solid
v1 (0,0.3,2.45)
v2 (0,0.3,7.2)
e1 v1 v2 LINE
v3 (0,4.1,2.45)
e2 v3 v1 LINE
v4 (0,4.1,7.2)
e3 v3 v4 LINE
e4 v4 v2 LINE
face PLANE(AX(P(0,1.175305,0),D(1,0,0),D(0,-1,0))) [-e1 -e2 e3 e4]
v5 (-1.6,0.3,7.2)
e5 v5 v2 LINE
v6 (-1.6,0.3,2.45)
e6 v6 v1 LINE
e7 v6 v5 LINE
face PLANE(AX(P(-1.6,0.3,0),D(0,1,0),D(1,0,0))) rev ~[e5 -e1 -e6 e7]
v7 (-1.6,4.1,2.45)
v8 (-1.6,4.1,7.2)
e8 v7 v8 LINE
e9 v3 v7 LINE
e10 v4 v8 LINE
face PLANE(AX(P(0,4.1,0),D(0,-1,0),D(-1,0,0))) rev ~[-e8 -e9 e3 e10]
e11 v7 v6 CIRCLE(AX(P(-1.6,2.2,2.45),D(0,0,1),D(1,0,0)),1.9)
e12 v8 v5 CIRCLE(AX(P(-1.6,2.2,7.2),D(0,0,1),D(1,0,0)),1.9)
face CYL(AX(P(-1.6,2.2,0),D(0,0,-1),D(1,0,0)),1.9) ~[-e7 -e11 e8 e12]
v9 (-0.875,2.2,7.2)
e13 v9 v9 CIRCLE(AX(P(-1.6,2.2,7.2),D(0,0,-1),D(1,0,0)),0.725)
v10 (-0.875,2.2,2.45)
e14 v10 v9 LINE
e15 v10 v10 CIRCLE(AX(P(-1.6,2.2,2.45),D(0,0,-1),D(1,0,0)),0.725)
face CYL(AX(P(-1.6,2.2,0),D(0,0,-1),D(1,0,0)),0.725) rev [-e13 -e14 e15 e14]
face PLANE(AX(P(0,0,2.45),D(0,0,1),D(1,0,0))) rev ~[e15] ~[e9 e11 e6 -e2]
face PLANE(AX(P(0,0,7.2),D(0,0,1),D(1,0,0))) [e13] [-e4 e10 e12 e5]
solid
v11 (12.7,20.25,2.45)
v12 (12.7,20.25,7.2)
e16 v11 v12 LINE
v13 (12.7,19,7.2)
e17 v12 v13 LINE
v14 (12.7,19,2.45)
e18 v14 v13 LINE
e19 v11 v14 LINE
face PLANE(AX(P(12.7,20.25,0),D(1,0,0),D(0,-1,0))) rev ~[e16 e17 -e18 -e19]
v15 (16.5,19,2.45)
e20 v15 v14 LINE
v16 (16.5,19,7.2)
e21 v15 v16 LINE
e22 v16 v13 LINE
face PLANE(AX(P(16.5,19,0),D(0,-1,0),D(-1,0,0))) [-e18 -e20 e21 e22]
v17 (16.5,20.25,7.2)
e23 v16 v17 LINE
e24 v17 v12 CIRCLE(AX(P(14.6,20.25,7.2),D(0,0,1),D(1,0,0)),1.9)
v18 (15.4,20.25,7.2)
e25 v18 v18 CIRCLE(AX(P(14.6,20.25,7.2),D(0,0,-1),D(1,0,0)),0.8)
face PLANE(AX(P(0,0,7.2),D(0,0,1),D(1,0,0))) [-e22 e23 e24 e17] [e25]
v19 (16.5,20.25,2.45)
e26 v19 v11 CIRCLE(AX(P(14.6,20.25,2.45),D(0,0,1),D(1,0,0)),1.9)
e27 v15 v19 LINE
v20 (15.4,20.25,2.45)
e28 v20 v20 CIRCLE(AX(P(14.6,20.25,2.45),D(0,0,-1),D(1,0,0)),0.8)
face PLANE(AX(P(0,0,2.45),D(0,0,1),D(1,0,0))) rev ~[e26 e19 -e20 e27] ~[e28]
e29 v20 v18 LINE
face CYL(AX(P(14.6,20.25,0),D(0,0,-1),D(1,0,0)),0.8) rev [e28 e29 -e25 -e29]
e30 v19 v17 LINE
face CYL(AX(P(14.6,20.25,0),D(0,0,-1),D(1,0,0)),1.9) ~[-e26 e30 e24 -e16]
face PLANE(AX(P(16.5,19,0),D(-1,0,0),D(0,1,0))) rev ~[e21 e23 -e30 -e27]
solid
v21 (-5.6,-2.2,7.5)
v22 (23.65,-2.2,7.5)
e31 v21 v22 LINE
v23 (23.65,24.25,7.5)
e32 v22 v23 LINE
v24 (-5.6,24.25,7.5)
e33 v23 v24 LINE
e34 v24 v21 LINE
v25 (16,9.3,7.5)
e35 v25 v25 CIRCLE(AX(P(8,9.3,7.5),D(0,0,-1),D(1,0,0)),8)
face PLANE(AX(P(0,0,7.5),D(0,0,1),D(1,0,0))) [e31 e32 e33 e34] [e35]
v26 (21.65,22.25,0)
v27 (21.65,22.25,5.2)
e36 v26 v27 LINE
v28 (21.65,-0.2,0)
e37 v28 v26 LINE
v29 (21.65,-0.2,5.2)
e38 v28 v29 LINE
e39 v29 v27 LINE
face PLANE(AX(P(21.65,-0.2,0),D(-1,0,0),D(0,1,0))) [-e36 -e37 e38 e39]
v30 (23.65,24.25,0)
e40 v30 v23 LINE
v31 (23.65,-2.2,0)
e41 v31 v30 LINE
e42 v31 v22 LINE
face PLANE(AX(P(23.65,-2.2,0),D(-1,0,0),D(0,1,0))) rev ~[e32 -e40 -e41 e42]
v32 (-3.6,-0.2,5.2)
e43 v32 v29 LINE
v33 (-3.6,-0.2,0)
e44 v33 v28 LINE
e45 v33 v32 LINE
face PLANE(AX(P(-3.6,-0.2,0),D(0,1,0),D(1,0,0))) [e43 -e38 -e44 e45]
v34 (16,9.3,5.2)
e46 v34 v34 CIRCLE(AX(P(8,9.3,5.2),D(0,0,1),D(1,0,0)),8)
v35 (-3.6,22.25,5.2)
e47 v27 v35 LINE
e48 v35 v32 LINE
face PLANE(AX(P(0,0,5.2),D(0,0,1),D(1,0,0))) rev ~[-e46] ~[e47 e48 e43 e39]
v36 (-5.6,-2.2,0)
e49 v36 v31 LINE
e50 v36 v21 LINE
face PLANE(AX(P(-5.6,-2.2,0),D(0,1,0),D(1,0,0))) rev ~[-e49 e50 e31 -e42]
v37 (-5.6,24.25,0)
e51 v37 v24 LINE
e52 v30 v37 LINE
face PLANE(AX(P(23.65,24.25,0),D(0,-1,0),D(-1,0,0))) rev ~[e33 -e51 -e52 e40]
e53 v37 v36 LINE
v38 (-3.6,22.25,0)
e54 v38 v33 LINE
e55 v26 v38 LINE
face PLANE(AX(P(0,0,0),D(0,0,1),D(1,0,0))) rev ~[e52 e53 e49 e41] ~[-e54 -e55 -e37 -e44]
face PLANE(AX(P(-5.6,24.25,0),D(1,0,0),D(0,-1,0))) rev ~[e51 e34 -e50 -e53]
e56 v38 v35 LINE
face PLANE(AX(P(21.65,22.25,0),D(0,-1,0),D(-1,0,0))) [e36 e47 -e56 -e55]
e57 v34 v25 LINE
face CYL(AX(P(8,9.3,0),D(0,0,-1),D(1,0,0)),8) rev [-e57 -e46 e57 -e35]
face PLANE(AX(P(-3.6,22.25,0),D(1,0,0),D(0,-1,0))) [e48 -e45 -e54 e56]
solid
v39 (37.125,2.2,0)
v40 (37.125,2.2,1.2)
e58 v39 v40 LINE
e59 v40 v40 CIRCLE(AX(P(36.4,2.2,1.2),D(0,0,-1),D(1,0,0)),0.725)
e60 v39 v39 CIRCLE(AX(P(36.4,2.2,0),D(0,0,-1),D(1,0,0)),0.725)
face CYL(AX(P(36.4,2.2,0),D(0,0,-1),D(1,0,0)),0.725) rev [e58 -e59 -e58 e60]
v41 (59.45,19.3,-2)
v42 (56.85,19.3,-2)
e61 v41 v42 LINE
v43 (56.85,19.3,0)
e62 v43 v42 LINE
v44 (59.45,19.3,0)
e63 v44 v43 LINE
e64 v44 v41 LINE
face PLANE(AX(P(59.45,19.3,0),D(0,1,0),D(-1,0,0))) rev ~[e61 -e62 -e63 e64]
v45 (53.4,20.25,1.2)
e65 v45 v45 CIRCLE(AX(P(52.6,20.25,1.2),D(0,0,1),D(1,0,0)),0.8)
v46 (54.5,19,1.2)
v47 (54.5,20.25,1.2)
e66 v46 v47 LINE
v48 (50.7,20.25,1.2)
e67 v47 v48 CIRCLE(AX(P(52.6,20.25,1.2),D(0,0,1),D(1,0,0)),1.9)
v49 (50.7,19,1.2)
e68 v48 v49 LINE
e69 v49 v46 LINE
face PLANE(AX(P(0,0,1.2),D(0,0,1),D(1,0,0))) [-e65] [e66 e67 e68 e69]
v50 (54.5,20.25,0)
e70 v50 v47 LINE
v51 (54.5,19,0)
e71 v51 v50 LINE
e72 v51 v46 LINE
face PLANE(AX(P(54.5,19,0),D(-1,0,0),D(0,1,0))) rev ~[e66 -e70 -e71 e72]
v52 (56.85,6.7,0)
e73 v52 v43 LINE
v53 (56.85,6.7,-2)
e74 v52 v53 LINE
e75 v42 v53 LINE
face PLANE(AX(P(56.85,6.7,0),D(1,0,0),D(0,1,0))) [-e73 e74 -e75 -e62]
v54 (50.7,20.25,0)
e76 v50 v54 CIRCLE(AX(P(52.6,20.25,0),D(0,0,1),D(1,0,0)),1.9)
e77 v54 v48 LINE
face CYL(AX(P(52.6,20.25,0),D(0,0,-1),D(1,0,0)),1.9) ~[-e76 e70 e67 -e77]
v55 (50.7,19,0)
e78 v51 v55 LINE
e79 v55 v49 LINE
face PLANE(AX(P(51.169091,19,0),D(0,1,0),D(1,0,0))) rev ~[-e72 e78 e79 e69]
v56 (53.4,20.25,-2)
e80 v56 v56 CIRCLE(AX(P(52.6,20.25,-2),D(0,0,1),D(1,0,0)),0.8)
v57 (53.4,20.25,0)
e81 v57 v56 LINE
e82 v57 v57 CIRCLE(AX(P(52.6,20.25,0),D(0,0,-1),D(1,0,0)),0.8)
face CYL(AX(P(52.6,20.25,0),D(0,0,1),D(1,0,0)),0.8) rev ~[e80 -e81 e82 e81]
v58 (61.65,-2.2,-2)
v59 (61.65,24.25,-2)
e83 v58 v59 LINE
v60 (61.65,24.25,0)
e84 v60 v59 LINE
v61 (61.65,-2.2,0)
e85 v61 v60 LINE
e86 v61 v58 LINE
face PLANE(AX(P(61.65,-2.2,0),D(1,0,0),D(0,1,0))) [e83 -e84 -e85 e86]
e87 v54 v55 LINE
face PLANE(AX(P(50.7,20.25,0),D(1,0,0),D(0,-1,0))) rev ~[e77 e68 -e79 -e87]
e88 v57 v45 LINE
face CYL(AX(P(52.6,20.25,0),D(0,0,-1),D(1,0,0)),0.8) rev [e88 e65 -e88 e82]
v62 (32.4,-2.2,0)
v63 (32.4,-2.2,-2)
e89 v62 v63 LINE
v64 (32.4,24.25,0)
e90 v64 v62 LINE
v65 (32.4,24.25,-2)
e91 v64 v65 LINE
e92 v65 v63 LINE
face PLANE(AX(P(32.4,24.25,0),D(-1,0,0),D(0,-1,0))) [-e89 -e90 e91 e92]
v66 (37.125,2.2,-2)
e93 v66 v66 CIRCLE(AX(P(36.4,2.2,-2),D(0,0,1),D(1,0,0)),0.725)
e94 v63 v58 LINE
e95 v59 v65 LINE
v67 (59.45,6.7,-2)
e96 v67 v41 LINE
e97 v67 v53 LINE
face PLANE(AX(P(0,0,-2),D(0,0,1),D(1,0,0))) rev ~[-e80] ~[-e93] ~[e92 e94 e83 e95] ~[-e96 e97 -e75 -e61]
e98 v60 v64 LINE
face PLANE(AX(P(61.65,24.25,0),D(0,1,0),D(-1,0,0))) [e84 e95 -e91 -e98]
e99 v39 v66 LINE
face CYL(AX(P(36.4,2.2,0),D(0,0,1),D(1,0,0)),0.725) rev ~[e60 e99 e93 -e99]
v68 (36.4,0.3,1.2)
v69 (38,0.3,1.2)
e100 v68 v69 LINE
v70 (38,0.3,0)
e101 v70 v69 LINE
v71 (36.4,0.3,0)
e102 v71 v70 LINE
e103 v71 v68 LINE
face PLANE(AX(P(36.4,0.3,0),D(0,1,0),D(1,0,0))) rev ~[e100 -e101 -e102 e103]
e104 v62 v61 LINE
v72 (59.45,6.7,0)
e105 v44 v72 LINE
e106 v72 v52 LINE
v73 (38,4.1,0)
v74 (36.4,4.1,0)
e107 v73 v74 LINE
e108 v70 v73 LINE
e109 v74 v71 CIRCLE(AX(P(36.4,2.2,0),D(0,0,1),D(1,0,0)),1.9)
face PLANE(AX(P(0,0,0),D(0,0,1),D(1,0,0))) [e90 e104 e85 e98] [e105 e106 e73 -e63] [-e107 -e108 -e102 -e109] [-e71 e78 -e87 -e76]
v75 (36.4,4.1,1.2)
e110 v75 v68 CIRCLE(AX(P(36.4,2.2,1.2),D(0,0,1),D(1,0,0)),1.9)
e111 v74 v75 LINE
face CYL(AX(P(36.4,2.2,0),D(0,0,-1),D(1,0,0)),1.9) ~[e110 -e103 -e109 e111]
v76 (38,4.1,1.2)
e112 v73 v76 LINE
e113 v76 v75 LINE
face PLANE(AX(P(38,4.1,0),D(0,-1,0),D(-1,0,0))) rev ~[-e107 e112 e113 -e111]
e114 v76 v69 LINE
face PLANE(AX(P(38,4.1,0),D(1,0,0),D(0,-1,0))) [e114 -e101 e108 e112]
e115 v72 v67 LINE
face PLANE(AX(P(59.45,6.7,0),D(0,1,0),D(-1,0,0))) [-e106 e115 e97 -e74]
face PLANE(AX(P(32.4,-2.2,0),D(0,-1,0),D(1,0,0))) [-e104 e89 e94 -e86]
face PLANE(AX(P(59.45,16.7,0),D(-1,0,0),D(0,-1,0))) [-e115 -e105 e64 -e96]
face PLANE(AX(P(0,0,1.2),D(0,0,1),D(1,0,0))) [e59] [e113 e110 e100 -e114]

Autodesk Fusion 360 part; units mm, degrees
sketch "Sketch3" plane through (0, 0, 0) normal (0, 0, 1) x (1, 0, 0)
  line L0 (0, 0) -> (16.95, 0)
  line L1 (16.95, 0) -> (16.95, 19)
  line L2 (16.95, 19) -> (0, 19)
  line L3 (0, 19) -> (0, 0)
  circle A0 centre (8, 9.3) radius 8
  circle A1 centre (14.6, 20.25) radius 0.8
  circle A2 centre (14.6, 20.25) radius 1.9
  line L4 (16.5, 20.25) -> (12.7, 20.25)
  line L5 (12.7, 20.25) -> (12.7, 19)
  line L6 (12.7, 19) -> (16.5, 19)
  line L7 (16.5, 19) -> (16.5, 20.25)
  circle A3 centre (-1.6, 2.2) radius 0.725
  circle A4 centre (-1.6, 2.2) radius 1.9
  line L8 (0, 4.1) -> (0, 0)
  line L9 (-1.6, 0.3) -> (0, 0.3)
  line L10 (0, 0.3) -> (0, 4.1)
  line L11 (0, 4.1) -> (-1.6, 4.1)
  line L12 (-1.6, 4.1) -> (-1.6, 0.3)
  line L13 (21.45, 19.3) -> (18.85, 19.3)
  line L14 (18.85, 19.3) -> (18.85, 16.7)
  line L15 (18.85, 16.7) -> (21.45, 16.7)
  line L16 (21.45, 16.7) -> (21.45, 19.3)
  line L17 (21.45, 19.3) -> (18.85, 16.7) construction
  line L18 (18.85, 19.3) -> (21.45, 16.7) construction
  line L19 (18.85, 19.3) -> (21.45, 19.3)
  line L20 (21.45, 19.3) -> (21.45, 6.7)
  line L21 (21.45, 6.7) -> (18.85, 6.7)
  line L22 (18.85, 6.7) -> (18.85, 19.3)
  circle A5 centre (52.6, 20.25) radius 1.9
  line L23 (38, 4.1) -> (38, 0)
  line L24 (59.45, 6.7) -> (56.85, 6.7)
  line L25 (50.7, 19) -> (54.5, 19)
  line L26 (59.45, 19.3) -> (56.85, 19.3)
  circle A6 centre (36.4, 2.2) radius 0.725
  line L27 (36.4, 0.3) -> (38, 0.3)
  line L28 (54.5, 19) -> (54.5, 20.25)
  line L29 (56.85, 19.3) -> (59.45, 19.3)
  line L30 (56.85, 6.7) -> (56.85, 19.3)
  line L31 (38, 0.3) -> (38, 4.1)
  circle A7 centre (52.6, 20.25) radius 0.8
  line L32 (36.4, 4.1) -> (36.4, 0.3)
  line L33 (54.95, 0) -> (54.95, 19)
  line L34 (56.85, 19.3) -> (56.85, 16.7)
  line L35 (59.45, 19.3) -> (59.45, 6.7)
  line L36 (59.45, 19.3) -> (56.85, 16.7) construction
  line L37 (54.95, 19) -> (38, 19)
  circle A8 centre (36.4, 2.2) radius 1.9
  line L38 (38, 4.1) -> (36.4, 4.1)
  line L39 (56.85, 19.3) -> (59.45, 16.7) construction
  line L40 (54.5, 20.25) -> (50.7, 20.25)
  line L41 (56.85, 16.7) -> (59.45, 16.7)
  line L42 (38, 0) -> (54.95, 0)
  line L43 (59.45, 16.7) -> (59.45, 19.3)
  circle A9 centre (46, 9.3) radius 8
  line L44 (50.7, 20.25) -> (50.7, 19)
  line L45 (38, 19) -> (38, 0)
  point P0 (8, 9.3)
  point P1 (14.6, 20.25)
  point P2 (-1.6, 2.2)
  point P3 (20.15, 18)
  point P4 (20.15, 18)
  point P5 (38, 0)
  point P6 (52.6, 20.25)
  point P7 (46, 9.3)
  point P8 (36.4, 2.2)
  point P9 (58.15, 18)
  point P10 (58.15, 18)
  dimension "d8" = 16.95
  dimension "d9" = 19
  dimension "d10" = 9.3
  dimension "d11" = 8
  dimension "d12" = 16
  dimension "d13" = 10.95
  dimension "d14" = 14.6
  dimension "d15" = 1.6
  dimension "d16" = 3.8
  dimension "d17" = 7.1
  dimension "d18" = 16.2
  dimension "d19" = 1.45
  dimension "d20" = 3.8
  dimension "d21" = 5.55
  dimension "d22" = 2.25
  dimension "d23" = 2.6
  dimension "d24" = 2.6
  dimension "d25" = 2.6
  dimension "d26" = 12.6
  dimension "d40" = 16.95
  dimension "d41" = 19
  dimension "d42" = 9.3
  dimension "d43" = 8
  dimension "d44" = 16
  dimension "d45" = 10.95
  dimension "d46" = 14.6
  dimension "d47" = 1.6
  dimension "d48" = 3.8
  dimension "d49" = 7.1
  dimension "d50" = 16.2
  dimension "d51" = 1.45
  dimension "d52" = 3.8
  dimension "d53" = 5.55
  dimension "d54" = 2.25
  dimension "d55" = 2.6
  dimension "d56" = 2.6
  dimension "d57" = 2.6
  dimension "d58" = 12.6
sketch "Sketch5" plane through (0, 0, 0) normal (0, 0, 1) x (1, 0, 0)
  line L0 (21.65, 22.25) -> (-3.6, 22.25)
  line L1 (-3.6, 22.25) -> (-3.6, -0.2)
  line L2 (-3.6, -0.2) -> (21.65, -0.2)
  line L3 (21.65, -0.2) -> (21.65, 22.25)
  line L4 (21.45, 19.3) -> (21.45, 6.7)
  line L5 (0, 0) -> (16.95, 0)
  line L6 (-5.6, -2.2) -> (23.65, -2.2)
  line L7 (23.65, -2.2) -> (23.65, 24.25)
  line L8 (23.65, 24.25) -> (-5.6, 24.25)
  line L9 (-5.6, 24.25) -> (-5.6, -2.2)
  line L10 (61.65, 24.25) -> (32.4, 24.25)
  line L11 (34.4, -0.2) -> (59.65, -0.2)
  line L12 (38, 0) -> (54.95, 0)
  line L13 (32.4, 24.25) -> (32.4, -2.2)
  line L14 (32.4, -2.2) -> (61.65, -2.2)
  line L15 (61.65, -2.2) -> (61.65, 24.25)
  line L16 (59.65, 22.25) -> (34.4, 22.25)
  line L17 (34.4, 22.25) -> (34.4, -0.2)
  line L18 (59.45, 19.3) -> (59.45, 6.7)
  line L19 (59.65, -0.2) -> (59.65, 22.25)
  point P0 (-1.6, 2.2)
  point P1 (14.6, 20.25)
  point P2 (38, 0)
  point P3 (36.4, 2.2)
  point P4 (52.6, 20.25)
  dimension "d28" = 2
  dimension "d29" = 2
  dimension "d30" = 0.2
  dimension "d31" = 0.2
  dimension "d32" = 2
  dimension "d33" = 2
  dimension "d34" = 2
  dimension "d35" = 2
  dimension "d69" = 2
  dimension "d70" = 2
  dimension "d71" = 0.2
  dimension "d72" = 0.2
  dimension "d73" = 2
  dimension "d74" = 2
  dimension "d75" = 2
  dimension "d76" = 2
extrude "Extrude3" add sketch "Sketch5" along normal blind 7.5 contours L0 L1 L2 L3 | L6 L7 L8 L9 makes body 1
extrude "Extrude4" cut sketch "Sketch5" along normal blind 5.2 contours L0 L1 L2 L3 bodies 1
extrude "Extrude5" cut sketch "Sketch3" along normal blind 8 contours A0 bodies 1
extrude "Extrude6" add sketch "Sketch3" along normal blind 7.2 separate body contours L3 A4 L8 L9 L10 | L3 A3 A4 L8 L10 L12 | A3 A4 L12 | L2 A2 L6 L7 | L3 A4 L8 L10 L11 | L2 A1 A2 L4 L6 | A1 A2 L4 | L2 A2 L5 L6 makes body 2 at (-1.6947, 0.3024, 4.8) makes body 3 at (12.7094, 20.4392, 2.4)
extrude "Extrude7" cut sketch "Sketch3" along normal blind 2.45 contours L3 A4 L8 L9 L10 | L3 A3 A4 L8 L10 L12 | A3 A4 L12 | L2 A2 L6 L7 | L3 A4 L8 L10 L11 | L2 A1 A2 L4 L6 | A1 A2 L4 | L2 A2 L5 L6 bodies 2 3
extrude "Extrude8" add sketch "Sketch3" sketch "Sketch5" against normal blind 2 separate body contours A5 A7 L40 | A5 L25 L28 L37 | A5 L25 A7 L37 L40 | A5 L25 L37 L44 | A9 | A5 L23 L25 L31 L33 L37 A8 L42 L45 | A5 L25 L37 | A7 L40 | A7 L40 | L23 L31 A8 L38 L45 | L23 L27 L31 A8 L45 | L23 L31 A8 L45 | L23 A6 L31 L32 A8 L45 | A6 L32 A8 | A6 L32 | A6 L32 | L24 L30 L35 L41 | L26 L29 L30 L34 L35 L41 L43 of sketch 2 contours L10 L13 L14 L15 | L11 L16 L17 L19 makes body 4
extrude "Extrude9" cut sketch "Sketch3" against normal blind 2 contours A7 L40 | A7 L40 | A6 L32 | A6 L32 | L24 L30 L35 L41 | L26 L29 L30 L34 L35 L41 L43 bodies 4
extrude "Extrude10" add sketch "Sketch3" along normal blind 1.2 contours A5 A7 L40 | A5 L25 L28 L37 | A5 L25 A7 L37 L40 | A5 L25 L37 L44 | L23 L31 A8 L38 L45 | L23 L27 L31 A8 L45 | L23 A6 L31 L32 A8 L45 | A6 L32 A8 bodies 4
